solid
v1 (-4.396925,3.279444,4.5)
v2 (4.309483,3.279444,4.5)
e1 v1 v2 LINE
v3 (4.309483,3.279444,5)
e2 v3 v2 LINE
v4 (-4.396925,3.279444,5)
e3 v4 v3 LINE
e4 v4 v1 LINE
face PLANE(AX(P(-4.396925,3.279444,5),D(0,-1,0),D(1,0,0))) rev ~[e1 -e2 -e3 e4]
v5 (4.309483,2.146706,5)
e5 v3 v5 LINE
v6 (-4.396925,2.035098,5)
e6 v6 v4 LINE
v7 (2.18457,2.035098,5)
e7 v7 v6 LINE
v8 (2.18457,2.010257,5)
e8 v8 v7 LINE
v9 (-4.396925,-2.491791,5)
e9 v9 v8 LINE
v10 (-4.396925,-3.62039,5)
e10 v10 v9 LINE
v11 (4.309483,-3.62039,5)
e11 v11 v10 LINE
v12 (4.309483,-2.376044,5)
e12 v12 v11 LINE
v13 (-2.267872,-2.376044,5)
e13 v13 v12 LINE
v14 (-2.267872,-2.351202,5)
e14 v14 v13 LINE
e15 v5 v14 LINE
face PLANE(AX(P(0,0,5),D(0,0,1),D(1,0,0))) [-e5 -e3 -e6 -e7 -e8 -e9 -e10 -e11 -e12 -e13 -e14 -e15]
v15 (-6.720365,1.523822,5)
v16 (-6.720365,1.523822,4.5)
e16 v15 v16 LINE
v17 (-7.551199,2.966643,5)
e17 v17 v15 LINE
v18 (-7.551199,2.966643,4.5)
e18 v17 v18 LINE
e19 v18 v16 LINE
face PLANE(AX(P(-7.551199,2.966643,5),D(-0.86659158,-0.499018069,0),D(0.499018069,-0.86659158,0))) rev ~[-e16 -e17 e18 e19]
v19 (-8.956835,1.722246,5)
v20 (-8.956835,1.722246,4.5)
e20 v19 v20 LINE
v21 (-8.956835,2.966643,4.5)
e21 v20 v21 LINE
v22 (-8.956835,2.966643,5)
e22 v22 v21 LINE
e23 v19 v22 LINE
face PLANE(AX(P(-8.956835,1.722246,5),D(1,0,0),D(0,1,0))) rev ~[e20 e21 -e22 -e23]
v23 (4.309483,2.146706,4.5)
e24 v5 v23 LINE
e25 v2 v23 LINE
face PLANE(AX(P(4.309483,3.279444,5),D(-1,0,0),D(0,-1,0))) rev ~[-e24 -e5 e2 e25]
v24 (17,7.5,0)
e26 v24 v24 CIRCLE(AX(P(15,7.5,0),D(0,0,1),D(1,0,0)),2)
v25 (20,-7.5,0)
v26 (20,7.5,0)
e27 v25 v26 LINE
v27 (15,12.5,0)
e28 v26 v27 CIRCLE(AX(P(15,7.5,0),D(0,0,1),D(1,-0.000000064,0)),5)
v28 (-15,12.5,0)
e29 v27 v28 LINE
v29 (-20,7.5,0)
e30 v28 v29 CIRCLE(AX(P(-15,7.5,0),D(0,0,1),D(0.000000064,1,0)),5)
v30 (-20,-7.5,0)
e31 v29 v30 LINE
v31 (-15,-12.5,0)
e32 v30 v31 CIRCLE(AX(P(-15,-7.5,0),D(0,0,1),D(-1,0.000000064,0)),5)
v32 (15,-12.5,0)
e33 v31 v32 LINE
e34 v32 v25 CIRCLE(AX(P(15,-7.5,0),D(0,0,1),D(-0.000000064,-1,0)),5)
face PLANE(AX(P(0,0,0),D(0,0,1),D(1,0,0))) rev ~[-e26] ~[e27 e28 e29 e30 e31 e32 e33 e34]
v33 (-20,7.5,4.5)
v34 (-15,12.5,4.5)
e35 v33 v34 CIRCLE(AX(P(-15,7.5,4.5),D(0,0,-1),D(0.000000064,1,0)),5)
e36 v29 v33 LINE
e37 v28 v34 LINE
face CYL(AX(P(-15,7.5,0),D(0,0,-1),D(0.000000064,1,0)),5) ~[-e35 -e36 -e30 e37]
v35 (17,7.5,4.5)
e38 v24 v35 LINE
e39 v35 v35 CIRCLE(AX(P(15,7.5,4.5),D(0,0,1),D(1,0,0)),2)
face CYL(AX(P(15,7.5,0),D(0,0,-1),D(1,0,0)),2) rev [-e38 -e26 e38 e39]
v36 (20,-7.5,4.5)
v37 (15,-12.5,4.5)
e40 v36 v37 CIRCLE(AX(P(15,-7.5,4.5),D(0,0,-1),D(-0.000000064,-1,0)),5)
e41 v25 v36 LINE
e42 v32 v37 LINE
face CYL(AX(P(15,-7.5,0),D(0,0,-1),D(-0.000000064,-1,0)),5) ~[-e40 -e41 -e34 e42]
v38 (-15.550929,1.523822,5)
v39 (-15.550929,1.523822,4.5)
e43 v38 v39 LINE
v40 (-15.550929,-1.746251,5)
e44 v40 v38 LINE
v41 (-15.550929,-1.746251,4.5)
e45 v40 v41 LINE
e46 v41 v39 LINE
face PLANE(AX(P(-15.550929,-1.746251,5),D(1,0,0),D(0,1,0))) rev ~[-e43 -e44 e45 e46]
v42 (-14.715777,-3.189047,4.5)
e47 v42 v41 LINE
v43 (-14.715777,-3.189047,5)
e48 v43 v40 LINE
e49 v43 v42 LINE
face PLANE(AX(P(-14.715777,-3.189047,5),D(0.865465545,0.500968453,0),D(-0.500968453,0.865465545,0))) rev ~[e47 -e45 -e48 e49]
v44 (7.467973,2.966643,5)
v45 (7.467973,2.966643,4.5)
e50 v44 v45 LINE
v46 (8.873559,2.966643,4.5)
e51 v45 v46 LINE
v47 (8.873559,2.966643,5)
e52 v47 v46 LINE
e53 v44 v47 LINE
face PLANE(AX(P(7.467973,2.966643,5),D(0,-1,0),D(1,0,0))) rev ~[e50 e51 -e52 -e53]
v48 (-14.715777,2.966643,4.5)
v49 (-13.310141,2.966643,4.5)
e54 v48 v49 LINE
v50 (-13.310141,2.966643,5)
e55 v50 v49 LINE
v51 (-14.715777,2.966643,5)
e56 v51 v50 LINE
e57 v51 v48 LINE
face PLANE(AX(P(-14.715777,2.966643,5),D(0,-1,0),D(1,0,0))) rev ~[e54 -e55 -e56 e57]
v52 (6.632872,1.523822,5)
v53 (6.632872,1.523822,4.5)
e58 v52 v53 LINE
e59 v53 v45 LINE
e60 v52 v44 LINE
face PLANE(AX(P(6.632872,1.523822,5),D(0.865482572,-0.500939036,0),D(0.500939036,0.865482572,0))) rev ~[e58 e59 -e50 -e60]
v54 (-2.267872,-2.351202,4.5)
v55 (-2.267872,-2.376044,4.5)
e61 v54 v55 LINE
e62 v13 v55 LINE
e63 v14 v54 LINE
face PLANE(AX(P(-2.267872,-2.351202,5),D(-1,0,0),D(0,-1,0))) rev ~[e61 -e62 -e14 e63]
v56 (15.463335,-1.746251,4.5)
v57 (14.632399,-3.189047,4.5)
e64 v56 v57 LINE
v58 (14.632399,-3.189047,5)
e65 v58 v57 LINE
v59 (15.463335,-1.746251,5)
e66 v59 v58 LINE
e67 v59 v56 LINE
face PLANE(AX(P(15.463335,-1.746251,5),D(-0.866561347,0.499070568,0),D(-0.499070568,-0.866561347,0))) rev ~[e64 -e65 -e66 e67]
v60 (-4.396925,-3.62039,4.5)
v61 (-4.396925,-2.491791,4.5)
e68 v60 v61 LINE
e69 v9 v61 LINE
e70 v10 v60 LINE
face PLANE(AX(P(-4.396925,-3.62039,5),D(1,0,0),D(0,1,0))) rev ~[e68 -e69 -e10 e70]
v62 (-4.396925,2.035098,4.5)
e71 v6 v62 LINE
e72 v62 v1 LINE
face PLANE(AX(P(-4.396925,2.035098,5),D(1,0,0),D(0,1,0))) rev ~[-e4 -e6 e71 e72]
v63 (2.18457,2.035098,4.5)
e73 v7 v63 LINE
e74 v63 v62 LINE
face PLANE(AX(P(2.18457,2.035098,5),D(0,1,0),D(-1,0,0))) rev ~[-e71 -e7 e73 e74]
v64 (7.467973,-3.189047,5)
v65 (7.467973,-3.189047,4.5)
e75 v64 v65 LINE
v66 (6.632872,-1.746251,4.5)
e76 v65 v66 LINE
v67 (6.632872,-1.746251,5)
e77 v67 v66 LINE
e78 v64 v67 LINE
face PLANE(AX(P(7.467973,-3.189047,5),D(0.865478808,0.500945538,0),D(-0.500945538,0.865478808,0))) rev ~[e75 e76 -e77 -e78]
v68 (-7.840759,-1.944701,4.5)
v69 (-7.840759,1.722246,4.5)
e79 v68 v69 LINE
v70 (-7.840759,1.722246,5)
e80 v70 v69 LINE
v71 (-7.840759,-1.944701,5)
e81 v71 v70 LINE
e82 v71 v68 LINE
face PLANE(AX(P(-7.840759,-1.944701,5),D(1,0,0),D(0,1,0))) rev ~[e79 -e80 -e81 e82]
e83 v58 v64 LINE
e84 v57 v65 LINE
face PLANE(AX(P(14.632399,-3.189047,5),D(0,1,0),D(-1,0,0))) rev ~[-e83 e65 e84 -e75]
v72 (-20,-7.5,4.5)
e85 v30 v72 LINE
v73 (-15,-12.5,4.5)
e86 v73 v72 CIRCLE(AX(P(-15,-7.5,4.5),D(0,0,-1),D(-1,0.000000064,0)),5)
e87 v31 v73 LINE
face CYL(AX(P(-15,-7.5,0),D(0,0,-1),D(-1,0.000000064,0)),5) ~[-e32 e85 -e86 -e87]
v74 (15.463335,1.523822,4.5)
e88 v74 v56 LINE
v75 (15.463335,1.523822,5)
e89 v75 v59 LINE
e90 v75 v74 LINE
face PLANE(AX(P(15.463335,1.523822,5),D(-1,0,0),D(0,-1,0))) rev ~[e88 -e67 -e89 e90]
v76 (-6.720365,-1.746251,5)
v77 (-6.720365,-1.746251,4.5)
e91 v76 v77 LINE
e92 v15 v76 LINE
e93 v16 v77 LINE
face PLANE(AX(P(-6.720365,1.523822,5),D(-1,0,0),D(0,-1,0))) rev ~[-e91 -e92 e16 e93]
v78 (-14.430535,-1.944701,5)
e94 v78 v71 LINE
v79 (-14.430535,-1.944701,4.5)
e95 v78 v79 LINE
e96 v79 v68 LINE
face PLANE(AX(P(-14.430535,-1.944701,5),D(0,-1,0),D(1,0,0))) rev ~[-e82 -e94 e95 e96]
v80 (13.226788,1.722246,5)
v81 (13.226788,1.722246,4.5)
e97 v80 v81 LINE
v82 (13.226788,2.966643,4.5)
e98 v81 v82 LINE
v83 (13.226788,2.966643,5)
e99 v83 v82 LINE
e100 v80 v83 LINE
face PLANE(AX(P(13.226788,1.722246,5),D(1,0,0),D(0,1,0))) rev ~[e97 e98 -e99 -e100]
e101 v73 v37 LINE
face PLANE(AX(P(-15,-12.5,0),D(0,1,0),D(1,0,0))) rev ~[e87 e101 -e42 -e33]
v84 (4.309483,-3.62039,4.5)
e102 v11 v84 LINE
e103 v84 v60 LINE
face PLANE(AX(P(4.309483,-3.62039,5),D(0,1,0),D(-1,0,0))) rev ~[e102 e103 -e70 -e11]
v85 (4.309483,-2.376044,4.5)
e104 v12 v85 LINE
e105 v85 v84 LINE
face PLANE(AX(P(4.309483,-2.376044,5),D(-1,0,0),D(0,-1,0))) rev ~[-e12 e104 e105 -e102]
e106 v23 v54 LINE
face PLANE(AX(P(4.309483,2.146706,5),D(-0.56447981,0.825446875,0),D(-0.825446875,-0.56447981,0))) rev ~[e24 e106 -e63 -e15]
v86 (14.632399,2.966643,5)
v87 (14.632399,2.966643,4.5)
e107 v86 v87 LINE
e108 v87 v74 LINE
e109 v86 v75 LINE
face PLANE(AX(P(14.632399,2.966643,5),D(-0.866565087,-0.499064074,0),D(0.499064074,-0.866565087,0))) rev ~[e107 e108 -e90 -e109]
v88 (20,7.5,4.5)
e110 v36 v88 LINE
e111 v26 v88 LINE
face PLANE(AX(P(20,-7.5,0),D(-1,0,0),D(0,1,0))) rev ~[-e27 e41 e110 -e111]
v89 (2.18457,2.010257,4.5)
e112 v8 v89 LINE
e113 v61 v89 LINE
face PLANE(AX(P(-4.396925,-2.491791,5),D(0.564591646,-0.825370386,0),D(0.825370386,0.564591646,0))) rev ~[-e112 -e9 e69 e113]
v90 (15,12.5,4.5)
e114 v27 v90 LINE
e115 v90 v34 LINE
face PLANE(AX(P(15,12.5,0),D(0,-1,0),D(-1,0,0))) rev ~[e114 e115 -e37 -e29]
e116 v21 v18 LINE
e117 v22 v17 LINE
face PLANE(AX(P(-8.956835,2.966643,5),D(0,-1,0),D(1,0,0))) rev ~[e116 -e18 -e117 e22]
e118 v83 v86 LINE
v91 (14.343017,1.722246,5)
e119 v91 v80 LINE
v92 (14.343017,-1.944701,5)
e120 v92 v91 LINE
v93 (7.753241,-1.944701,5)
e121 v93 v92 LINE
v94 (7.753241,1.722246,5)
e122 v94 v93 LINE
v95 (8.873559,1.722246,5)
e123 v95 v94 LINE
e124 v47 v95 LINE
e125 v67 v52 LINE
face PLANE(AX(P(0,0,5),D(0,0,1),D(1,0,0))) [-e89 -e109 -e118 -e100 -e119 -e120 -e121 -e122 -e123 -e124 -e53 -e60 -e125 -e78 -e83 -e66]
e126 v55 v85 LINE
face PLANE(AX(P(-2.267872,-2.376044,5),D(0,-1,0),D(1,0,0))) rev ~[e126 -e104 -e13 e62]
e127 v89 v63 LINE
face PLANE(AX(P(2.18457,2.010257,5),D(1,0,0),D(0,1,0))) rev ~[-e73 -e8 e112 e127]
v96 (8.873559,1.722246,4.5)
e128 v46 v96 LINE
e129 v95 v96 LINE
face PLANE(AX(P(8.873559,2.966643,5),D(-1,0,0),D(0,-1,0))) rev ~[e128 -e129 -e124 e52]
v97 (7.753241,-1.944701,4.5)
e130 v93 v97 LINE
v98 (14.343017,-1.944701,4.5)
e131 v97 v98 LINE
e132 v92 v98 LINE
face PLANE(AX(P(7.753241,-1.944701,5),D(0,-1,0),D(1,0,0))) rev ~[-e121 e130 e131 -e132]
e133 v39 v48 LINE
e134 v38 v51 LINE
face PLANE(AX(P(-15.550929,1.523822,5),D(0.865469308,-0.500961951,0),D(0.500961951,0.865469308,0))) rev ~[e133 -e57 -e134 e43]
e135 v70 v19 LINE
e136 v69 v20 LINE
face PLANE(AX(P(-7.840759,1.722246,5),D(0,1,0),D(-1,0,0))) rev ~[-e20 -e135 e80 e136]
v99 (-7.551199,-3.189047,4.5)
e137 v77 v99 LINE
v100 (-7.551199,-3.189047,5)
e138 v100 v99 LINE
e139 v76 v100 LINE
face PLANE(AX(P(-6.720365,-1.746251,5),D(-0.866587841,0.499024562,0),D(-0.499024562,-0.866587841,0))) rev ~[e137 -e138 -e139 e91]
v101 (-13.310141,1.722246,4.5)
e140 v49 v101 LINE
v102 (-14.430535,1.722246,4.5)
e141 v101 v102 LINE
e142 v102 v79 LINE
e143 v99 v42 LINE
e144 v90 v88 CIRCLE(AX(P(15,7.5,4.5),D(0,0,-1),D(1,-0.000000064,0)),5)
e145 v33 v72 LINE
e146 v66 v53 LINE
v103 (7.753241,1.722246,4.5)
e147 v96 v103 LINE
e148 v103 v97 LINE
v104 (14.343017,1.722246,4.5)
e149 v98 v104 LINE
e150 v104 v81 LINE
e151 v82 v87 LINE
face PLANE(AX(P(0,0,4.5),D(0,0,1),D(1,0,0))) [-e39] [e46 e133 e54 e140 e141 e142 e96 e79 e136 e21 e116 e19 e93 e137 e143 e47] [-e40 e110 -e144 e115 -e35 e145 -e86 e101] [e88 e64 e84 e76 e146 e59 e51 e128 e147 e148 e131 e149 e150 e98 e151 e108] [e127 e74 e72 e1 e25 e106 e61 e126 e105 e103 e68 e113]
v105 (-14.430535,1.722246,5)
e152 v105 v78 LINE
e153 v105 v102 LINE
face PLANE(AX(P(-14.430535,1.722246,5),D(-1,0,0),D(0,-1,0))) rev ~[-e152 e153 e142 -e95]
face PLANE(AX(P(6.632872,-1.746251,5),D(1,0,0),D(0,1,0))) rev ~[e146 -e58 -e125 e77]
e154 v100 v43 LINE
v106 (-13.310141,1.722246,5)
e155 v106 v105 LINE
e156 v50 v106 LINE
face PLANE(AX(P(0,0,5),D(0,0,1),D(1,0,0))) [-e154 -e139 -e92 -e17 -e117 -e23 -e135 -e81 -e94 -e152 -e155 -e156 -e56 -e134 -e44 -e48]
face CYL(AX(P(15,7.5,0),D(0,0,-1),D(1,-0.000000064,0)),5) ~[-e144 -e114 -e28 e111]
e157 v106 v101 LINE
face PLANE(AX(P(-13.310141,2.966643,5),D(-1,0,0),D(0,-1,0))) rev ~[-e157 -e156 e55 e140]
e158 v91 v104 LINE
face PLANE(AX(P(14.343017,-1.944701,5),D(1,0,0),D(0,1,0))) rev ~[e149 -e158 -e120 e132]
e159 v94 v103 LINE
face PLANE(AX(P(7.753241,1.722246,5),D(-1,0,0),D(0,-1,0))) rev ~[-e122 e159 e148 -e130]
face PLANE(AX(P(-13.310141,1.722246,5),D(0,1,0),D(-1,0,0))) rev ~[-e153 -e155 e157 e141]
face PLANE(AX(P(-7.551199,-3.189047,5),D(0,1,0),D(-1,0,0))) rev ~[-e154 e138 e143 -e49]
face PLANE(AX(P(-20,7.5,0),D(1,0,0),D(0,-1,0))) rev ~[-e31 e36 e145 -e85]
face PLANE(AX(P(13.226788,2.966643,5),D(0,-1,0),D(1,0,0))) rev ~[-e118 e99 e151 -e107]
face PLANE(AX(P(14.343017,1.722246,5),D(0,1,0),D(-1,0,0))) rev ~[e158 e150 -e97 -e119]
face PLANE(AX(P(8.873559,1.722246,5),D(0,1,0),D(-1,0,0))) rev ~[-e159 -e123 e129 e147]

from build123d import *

# Parameters (mm, degrees)
F0_R     = 2
F1_DEPTH = 5
F2_W     = 42.5312
F2_H     = 26.740546
F2_R     = 2
F3_DEPTH = 0.5


with BuildPart() as f1:
    # F0 (on Top) → F1 (new body)
    with BuildSketch(Plane.XY):
        with BuildLine():
            Line((15, 12.5), (-15, 12.5))
            ThreePointArc((-15, 12.5), (-18.535534, 11.035534), (-20, 7.5))
            Line((-20, 7.5), (-20, -7.5))
            ThreePointArc((-20, -7.5), (-18.535534, -11.035534), (-15, -12.5))
            Line((-15, -12.5), (15, -12.5))
            ThreePointArc((15, -12.5), (18.535534, -11.035534), (20, -7.5))
            Line((20, -7.5), (20, 7.5))
            ThreePointArc((20, 7.5), (18.535534, 11.035534), (15, 12.5))
        make_face()
        with Locations((15, 7.5)):
            Circle(F0_R, mode=Mode.SUBTRACT)
    extrude(amount=F1_DEPTH)

    # F2 (on face) → F3 (cut)
    with BuildSketch(Plane.XY.offset(5)):
        Rectangle(F2_W, F2_H)
        with BuildLine():
            Line((-15, 12.5), (15, 12.5))
            ThreePointArc((15, 12.5), (18.535534, 11.035534), (20, 7.5))
            Line((20, 7.5), (20, -7.5))
            ThreePointArc((20, -7.5), (18.535534, -11.035534), (15, -12.5))
            Line((15, -12.5), (-15, -12.5))
            ThreePointArc((-15, -12.5), (-18.535534, -11.035534), (-20, -7.5))
            Line((-20, -7.5), (-20, 7.5))
            ThreePointArc((-20, 7.5), (-18.535534, 11.035534), (-15, 12.5))
        make_face(mode=Mode.SUBTRACT)
        with Locations((15, 7.5)):
            Circle(F2_R)
        with BuildLine():
            ThreePointArc((20, 7.5), (18.535534, 11.035534), (15, 12.5))
            Line((15, 12.5), (-15, 12.5))
            ThreePointArc((-15, 12.5), (-18.535534, 11.035534), (-20, 7.5))
            Line((-20, 7.5), (-20, -7.5))
            ThreePointArc((-20, -7.5), (-18.535534, -11.035534), (-15, -12.5))
            Line((-15, -12.5), (15, -12.5))
            ThreePointArc((15, -12.5), (18.535534, -11.035534), (20, -7.5))
            Line((20, -7.5), (20, 7.5))
        make_face()
        Polygon((-7.840759, 1.722246), (-8.956835, 1.722246), (-8.956835, 2.966643), (-7.551199, 2.966643), (-6.720365, 1.523822), (-6.720365, -1.746251), (-7.551199, -3.189047), (-14.715777, -3.189047), (-15.550929, -1.746251), (-15.550929, 1.523822), (-14.715777, 2.966643), (-13.310141, 2.966643), (-13.310141, 1.722246), (-14.430535, 1.722246), (-14.430535, -1.944701), (-7.840759, -1.944701), align=None, mode=Mode.SUBTRACT)
        Polygon((-2.267872, -2.351202), (-2.267872, -2.376044), (4.309483, -2.376044), (4.309483, -3.62039), (-4.396925, -3.62039), (-4.396925, -2.491791), (2.18457, 2.010257), (2.18457, 2.035098), (-4.396925, 2.035098), (-4.396925, 3.279444), (4.309483, 3.279444), (4.309483, 2.146706), align=None, mode=Mode.SUBTRACT)
        Polygon((14.343017, 1.722246), (13.226788, 1.722246), (13.226788, 2.966643), (14.632399, 2.966643), (15.463335, 1.523822), (15.463335, -1.746251), (14.632399, -3.189047), (7.467973, -3.189047), (6.632872, -1.746251), (6.632872, 1.523822), (7.467973, 2.966643), (8.873559, 2.966643), (8.873559, 1.722246), (7.753241, 1.722246), (7.753241, -1.944701), (14.343017, -1.944701), align=None, mode=Mode.SUBTRACT)
        with Locations((15, 7.5)):
            Circle(F2_R, mode=Mode.SUBTRACT)
    extrude(amount=-F3_DEPTH, mode=Mode.SUBTRACT)


solid = f1.part
